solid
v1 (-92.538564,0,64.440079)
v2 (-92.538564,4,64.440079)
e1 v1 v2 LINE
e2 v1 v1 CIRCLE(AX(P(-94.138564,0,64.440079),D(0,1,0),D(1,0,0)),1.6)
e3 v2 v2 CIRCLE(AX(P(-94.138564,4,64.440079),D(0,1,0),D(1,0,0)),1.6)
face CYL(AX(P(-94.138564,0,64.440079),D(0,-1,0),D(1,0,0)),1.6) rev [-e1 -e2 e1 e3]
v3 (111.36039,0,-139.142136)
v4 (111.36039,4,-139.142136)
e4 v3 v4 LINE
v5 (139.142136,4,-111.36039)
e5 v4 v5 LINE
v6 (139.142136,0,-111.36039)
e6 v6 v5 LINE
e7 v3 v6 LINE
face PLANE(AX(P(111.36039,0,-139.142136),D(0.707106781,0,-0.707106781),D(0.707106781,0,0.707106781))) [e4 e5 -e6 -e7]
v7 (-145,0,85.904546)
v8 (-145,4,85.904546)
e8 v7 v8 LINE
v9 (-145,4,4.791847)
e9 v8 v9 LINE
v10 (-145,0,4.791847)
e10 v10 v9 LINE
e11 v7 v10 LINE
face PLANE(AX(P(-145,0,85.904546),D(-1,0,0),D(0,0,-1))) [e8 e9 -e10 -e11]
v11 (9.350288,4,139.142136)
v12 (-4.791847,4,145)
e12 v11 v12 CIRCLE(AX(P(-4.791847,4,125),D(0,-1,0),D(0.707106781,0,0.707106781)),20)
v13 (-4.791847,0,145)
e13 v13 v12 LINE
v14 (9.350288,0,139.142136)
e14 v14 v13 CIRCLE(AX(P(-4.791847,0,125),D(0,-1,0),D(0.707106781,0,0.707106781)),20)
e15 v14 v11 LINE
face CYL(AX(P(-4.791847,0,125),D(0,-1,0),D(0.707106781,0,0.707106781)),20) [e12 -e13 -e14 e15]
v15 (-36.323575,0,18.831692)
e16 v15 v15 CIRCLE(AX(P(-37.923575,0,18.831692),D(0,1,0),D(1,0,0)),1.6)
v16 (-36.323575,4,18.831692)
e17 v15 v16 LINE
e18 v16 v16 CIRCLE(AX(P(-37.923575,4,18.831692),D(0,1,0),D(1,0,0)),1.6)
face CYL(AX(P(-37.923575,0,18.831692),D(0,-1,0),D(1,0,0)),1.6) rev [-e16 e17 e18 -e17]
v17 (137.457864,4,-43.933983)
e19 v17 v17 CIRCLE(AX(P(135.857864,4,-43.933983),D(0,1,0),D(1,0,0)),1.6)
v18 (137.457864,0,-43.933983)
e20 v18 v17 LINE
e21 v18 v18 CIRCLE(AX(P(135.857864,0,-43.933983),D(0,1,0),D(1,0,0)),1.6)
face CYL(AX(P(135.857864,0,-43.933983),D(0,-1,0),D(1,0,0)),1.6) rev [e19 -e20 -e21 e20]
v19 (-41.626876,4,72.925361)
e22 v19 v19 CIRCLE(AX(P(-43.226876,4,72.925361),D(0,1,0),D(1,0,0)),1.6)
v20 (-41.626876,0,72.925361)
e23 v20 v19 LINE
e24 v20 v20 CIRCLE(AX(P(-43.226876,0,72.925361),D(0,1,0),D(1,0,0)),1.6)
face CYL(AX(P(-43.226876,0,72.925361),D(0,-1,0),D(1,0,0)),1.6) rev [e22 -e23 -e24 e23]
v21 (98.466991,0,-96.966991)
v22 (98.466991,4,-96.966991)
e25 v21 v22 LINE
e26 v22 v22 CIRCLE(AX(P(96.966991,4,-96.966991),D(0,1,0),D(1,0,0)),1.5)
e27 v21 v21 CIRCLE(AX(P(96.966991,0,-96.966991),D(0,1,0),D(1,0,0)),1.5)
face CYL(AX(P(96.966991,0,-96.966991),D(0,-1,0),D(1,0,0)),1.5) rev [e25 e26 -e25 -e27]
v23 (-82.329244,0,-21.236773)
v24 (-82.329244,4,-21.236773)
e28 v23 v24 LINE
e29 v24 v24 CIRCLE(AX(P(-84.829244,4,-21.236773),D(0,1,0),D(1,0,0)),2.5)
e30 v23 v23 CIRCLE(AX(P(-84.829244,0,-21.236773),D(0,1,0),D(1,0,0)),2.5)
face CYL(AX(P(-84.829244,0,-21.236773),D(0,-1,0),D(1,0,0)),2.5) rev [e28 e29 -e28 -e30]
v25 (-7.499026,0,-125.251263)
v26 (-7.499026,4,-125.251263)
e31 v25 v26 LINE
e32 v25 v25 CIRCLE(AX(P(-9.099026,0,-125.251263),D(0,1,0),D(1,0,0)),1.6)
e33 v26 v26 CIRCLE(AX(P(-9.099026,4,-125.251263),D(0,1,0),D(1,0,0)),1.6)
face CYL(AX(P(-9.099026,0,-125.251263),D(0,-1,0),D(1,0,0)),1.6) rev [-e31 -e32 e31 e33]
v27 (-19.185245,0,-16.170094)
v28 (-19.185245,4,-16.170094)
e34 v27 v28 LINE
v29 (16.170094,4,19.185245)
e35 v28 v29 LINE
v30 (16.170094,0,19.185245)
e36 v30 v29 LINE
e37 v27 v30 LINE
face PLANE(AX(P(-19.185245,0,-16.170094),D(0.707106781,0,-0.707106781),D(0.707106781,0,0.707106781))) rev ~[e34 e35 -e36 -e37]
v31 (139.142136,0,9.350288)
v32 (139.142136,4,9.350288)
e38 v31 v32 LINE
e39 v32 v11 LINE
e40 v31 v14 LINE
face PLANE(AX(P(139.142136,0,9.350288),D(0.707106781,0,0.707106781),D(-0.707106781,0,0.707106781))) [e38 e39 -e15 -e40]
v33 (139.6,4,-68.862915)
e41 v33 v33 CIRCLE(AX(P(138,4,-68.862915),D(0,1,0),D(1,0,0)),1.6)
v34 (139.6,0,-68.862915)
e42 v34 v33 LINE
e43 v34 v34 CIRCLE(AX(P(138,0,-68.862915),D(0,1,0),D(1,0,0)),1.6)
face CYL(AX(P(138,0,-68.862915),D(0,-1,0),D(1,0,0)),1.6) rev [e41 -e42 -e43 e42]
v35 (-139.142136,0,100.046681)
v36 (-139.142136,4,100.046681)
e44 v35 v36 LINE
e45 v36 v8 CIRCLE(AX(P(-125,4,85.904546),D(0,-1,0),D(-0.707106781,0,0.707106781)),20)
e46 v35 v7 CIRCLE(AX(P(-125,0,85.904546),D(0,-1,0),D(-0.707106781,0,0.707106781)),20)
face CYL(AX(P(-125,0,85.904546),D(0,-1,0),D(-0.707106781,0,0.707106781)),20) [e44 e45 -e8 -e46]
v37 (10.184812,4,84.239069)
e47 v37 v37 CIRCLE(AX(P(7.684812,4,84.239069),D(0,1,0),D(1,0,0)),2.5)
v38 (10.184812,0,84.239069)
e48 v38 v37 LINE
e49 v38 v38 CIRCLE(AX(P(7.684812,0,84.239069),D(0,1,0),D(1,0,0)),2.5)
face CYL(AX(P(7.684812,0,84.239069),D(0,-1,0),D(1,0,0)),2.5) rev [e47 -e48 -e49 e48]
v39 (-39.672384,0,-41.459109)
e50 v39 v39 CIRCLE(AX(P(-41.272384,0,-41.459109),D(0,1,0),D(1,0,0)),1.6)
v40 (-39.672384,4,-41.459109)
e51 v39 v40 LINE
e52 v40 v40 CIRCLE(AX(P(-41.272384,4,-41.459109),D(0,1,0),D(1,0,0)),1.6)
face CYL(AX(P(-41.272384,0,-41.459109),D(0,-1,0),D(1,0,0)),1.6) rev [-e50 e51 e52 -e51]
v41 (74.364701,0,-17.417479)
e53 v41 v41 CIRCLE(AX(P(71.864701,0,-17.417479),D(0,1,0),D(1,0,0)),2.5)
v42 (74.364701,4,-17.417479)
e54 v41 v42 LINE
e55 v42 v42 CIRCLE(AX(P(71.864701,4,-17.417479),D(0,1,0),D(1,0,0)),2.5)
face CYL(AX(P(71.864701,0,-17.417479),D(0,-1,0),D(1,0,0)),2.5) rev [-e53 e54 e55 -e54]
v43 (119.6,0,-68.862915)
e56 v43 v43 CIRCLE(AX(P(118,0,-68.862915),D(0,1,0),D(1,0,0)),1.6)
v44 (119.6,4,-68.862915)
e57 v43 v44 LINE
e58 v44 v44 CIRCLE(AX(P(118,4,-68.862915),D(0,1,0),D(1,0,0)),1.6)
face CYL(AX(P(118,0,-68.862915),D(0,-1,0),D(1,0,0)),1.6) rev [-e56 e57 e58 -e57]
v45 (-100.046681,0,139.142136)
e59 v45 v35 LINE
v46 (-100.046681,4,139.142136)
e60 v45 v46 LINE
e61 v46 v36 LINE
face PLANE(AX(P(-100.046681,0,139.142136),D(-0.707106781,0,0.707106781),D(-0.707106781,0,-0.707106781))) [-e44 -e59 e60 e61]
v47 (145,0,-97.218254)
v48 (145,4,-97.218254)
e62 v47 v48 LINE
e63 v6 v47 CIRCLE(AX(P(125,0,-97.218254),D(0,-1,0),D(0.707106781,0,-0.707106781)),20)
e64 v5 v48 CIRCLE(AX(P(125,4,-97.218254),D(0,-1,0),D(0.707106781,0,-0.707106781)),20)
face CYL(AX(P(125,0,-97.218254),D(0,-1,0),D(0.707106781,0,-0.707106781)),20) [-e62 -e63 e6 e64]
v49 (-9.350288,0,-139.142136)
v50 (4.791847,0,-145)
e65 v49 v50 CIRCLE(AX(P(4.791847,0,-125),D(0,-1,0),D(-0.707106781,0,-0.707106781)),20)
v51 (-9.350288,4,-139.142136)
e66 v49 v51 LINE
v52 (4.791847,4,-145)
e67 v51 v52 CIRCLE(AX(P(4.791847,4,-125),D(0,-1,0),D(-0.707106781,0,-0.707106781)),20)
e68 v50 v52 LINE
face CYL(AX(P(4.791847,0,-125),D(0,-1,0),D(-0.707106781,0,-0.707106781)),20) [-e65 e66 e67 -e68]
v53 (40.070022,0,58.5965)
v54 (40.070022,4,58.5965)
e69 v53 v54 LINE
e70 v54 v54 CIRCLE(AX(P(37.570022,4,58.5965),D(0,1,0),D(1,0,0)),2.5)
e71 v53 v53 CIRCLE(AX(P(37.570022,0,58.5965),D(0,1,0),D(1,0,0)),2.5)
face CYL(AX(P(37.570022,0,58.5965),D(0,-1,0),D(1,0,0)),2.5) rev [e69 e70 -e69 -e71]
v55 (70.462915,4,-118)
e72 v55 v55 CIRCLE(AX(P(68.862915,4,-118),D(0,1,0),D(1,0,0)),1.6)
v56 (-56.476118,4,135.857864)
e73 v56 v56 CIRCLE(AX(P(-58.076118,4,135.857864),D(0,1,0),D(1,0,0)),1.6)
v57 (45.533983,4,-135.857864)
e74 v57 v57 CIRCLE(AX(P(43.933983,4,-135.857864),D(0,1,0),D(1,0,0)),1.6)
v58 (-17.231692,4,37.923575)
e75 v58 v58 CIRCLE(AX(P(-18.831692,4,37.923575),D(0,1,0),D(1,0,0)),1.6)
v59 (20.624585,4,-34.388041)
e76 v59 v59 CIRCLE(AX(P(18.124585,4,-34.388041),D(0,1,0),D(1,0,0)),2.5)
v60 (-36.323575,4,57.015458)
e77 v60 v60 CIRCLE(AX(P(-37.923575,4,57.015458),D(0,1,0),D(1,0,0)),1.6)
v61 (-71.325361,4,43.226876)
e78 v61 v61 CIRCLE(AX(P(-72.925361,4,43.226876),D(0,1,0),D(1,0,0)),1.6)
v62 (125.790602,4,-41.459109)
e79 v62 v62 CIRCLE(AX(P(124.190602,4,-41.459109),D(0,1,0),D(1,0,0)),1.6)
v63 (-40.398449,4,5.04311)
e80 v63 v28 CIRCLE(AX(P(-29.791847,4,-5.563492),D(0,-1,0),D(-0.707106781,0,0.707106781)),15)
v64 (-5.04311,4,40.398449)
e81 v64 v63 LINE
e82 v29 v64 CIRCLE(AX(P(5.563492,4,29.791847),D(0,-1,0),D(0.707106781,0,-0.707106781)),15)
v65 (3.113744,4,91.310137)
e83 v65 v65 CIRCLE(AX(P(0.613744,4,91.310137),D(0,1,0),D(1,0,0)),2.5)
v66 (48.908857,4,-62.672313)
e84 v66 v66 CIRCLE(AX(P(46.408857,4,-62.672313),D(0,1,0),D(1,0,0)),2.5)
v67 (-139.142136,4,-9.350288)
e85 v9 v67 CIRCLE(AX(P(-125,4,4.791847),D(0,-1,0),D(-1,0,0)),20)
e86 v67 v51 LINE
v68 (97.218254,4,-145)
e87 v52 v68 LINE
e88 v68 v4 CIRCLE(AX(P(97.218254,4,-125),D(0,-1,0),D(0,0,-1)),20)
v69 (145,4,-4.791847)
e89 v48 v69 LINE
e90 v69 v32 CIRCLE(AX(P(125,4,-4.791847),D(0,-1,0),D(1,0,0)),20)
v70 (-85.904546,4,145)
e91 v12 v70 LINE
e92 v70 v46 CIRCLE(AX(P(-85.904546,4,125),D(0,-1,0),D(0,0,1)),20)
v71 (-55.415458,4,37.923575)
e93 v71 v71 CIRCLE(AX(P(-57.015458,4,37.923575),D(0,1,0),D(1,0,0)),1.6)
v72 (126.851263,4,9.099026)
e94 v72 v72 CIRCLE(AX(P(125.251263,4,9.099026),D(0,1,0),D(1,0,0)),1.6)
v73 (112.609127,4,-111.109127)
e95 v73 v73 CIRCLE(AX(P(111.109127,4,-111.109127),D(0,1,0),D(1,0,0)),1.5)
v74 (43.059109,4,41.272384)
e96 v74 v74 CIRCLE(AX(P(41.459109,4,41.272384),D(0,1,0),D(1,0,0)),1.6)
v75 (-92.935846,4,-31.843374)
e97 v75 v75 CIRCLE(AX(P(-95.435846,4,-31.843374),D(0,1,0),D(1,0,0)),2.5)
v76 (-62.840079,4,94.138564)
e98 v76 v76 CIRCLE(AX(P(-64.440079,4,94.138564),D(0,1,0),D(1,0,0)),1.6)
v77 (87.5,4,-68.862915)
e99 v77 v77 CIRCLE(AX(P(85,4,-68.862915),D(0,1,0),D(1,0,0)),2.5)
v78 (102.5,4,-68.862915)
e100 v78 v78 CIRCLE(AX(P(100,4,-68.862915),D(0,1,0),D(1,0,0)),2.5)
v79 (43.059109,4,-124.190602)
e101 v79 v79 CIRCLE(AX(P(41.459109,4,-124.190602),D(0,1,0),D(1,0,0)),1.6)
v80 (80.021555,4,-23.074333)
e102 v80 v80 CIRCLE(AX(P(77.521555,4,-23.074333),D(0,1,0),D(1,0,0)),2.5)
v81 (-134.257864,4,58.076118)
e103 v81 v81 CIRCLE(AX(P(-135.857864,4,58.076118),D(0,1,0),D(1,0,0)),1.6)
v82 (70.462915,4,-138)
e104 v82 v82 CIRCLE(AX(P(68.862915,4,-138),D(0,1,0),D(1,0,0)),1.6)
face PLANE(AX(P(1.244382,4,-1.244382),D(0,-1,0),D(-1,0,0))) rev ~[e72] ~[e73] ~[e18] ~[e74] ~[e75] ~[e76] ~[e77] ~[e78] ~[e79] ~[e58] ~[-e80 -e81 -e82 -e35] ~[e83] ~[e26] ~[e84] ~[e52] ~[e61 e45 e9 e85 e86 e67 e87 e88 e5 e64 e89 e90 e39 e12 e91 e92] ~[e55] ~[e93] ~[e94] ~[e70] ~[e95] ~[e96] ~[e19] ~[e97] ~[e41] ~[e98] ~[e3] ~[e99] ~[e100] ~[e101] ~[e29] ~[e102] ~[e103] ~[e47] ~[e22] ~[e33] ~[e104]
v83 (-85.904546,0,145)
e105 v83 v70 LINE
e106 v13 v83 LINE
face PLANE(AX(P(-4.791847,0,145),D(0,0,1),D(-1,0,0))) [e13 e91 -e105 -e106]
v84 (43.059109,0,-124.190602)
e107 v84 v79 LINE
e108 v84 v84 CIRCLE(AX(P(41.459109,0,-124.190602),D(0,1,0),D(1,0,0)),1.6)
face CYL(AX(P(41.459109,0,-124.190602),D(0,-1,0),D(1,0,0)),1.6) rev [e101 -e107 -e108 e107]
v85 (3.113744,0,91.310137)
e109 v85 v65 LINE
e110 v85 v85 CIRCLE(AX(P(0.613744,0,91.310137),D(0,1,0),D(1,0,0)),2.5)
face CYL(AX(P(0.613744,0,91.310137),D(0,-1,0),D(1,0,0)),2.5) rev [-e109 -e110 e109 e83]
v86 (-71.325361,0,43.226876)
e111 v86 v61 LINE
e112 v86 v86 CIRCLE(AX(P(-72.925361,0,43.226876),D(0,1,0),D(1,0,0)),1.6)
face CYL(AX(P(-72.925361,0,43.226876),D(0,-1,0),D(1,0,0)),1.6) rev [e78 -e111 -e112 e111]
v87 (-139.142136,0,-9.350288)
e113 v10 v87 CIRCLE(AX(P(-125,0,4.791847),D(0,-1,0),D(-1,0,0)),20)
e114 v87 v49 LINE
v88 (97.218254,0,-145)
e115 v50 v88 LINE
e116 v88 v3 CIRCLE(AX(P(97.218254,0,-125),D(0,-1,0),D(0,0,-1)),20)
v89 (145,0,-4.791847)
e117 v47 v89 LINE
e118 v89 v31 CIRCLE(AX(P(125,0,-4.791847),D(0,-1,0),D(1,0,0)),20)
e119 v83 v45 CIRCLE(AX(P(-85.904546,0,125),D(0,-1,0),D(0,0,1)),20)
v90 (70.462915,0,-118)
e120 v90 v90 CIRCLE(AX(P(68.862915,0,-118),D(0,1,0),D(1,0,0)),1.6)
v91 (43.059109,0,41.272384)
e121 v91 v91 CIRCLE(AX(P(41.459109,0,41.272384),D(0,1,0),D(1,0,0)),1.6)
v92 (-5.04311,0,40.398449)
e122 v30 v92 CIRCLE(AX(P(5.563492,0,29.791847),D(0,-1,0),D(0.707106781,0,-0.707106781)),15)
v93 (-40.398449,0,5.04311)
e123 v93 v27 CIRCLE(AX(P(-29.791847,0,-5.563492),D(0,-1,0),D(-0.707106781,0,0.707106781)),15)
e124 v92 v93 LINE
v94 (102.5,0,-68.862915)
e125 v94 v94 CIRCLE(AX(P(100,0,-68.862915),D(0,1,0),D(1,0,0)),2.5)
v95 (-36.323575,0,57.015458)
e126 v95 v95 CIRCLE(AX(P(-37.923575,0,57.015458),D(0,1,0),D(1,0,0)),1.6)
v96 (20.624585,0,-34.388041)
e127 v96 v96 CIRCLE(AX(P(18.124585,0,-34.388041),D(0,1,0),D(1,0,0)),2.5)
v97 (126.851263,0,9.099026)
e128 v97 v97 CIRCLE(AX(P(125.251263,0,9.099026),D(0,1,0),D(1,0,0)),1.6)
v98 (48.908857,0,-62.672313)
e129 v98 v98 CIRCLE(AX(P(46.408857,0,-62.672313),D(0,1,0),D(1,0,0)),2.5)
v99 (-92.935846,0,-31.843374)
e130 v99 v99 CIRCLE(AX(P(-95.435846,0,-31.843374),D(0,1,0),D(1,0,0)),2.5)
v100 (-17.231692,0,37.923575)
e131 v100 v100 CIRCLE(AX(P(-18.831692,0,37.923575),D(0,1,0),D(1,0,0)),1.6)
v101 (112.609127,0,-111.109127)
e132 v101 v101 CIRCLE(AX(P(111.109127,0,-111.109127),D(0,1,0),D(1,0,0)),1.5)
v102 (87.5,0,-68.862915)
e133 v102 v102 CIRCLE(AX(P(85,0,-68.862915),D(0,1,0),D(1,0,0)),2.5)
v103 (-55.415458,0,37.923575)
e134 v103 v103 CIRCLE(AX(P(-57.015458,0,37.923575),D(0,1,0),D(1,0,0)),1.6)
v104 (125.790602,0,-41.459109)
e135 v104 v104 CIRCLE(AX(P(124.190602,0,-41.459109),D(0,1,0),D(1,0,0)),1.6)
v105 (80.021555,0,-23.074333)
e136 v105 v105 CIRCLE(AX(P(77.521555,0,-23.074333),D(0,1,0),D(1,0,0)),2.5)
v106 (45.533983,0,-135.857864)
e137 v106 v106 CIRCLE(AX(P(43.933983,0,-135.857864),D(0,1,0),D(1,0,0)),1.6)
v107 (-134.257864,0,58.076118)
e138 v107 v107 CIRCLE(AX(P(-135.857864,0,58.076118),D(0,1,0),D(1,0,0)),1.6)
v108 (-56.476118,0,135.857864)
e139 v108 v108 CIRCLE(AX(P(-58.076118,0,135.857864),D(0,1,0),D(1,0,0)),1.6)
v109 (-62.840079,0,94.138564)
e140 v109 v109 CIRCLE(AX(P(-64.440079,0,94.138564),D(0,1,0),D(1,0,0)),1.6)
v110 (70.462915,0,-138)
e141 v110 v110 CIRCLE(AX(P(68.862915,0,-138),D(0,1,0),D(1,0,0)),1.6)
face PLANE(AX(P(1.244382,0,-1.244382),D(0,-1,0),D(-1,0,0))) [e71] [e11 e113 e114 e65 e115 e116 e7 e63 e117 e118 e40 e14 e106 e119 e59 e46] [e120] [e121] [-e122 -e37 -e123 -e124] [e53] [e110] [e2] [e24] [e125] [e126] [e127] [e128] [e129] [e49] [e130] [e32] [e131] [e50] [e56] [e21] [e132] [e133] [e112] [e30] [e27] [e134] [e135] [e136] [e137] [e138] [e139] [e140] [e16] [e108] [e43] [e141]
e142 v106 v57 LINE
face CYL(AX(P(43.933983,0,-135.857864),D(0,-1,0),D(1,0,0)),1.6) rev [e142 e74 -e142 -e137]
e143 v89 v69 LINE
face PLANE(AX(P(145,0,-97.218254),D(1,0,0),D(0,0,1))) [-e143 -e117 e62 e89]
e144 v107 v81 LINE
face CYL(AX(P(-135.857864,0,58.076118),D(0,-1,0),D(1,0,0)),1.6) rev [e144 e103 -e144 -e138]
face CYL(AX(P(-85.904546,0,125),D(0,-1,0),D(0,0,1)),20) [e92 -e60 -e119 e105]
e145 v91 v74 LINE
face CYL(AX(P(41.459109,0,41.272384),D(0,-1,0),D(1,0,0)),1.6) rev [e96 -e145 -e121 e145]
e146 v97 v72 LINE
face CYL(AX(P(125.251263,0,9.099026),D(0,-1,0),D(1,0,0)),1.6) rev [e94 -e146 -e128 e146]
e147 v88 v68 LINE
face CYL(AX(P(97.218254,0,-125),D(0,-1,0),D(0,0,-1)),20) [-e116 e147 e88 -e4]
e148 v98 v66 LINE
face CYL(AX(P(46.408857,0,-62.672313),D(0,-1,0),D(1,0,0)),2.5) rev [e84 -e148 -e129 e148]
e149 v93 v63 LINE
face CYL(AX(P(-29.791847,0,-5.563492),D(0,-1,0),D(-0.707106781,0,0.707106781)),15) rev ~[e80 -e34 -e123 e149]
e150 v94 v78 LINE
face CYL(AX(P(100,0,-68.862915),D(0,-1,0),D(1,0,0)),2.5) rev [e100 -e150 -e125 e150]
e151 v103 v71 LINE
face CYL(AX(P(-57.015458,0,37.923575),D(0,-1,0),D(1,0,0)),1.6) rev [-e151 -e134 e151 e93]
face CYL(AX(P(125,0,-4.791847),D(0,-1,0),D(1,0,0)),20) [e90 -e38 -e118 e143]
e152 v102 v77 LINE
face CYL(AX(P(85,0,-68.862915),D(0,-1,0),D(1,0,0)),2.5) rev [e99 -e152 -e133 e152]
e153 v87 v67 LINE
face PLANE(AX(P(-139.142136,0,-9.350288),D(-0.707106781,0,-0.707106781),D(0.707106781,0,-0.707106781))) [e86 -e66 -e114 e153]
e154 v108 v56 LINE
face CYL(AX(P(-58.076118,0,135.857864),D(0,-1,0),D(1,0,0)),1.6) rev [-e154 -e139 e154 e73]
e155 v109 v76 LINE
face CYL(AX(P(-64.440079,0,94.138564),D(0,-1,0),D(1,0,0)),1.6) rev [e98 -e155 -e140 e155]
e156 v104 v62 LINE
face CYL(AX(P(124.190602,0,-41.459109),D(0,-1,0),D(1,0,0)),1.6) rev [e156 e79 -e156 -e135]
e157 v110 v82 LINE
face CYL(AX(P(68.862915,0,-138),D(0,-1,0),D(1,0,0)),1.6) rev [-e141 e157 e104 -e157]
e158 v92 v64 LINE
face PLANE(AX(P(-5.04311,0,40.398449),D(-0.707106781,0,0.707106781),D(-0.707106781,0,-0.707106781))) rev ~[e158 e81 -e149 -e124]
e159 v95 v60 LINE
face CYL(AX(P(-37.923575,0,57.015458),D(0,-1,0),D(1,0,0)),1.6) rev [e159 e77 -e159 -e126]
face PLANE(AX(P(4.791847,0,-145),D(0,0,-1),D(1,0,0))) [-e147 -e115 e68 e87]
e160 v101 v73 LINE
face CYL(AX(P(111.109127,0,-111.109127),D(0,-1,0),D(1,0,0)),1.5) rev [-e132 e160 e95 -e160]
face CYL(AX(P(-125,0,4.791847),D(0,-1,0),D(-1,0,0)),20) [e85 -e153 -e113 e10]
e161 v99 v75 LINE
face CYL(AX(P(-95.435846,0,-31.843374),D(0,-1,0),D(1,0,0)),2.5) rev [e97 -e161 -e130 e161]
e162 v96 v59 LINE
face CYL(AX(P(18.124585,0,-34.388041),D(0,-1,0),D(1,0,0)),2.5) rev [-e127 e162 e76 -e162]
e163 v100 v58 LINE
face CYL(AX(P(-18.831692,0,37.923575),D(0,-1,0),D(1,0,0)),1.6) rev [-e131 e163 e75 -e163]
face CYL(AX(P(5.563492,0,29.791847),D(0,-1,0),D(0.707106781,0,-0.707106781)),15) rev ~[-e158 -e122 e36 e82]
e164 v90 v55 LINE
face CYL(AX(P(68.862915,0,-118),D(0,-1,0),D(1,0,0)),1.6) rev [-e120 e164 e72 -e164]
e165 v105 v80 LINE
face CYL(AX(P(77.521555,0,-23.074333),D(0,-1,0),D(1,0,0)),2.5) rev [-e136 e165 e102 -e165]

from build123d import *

# Parameters (mm, degrees)
SKETCH2_R           = 1.6
SKETCH2_R_2         = 1.5
SKETCH2_R_3         = 2.5
BOSS_EXTRUDE1_DEPTH = 4


with BuildPart() as part:
    # Sketch2 → Boss-Extrude1 (new body)
    with BuildSketch(Plane(origin=(0, 0, 0), x_dir=(1, 0, 0), z_dir=(0, 1, 0))):
        with BuildLine():
            Line((-139.142135624, 9.350288425), (-9.350288425, 139.142135624))
            ThreePointArc((-9.350288425, 139.142135624), (-2.861821449, 143.47759065), (4.791847198, 145))
            Line((4.791847198, 145), (97.21825407, 145))
            ThreePointArc((97.21825407, 145), (104.871922717, 143.47759065), (111.360389693, 139.142135624))
            Line((111.360389693, 139.142135624), (139.142135624, 111.360389693))
            ThreePointArc((139.142135624, 111.360389693), (143.47759065, 104.871922717), (145, 97.218254069))
            Line((145, 97.218254069), (145, 4.791847198))
            ThreePointArc((145, 4.791847198), (143.47759065, -2.861821449), (139.142135624, -9.350288426))
            Line((139.142135624, -9.350288426), (9.350288425, -139.142135624))
            ThreePointArc((9.350288425, -139.142135624), (2.861821449, -143.47759065), (-4.791847198, -145))
            Line((-4.791847198, -145), (-85.90454557, -145))
            ThreePointArc((-85.90454557, -145), (-93.558214218, -143.47759065), (-100.046681194, -139.142135624))
            Line((-100.046681194, -139.142135624), (-139.142135624, -100.046681194))
            ThreePointArc((-139.142135624, -100.046681194), (-143.47759065, -93.558214218), (-145, -85.90454557))
            Line((-145, -85.90454557), (-145, -4.791847198))
            ThreePointArc((-145, -4.791847198), (-143.47759065, 2.861821449), (-139.142135624, 9.350288425))
        make_face()
        with Locations((-94.138564286, -64.440079476)):
            Circle(SKETCH2_R, mode=Mode.SUBTRACT)
        with Locations((-64.440079476, -94.138564286)):
            Circle(SKETCH2_R, mode=Mode.SUBTRACT)
        with Locations((-41.272384311, 41.459109088)):
            Circle(SKETCH2_R, mode=Mode.SUBTRACT)
        with Locations((41.459109088, -41.272384311)):
            Circle(SKETCH2_R, mode=Mode.SUBTRACT)
        with Locations((124.190602487, 41.459109088)):
            Circle(SKETCH2_R, mode=Mode.SUBTRACT)
        with Locations((41.459109088, 124.190602487)):
            Circle(SKETCH2_R, mode=Mode.SUBTRACT)
        with Locations((-135.857864376, -58.076118446)):
            Circle(SKETCH2_R, mode=Mode.SUBTRACT)
        with Locations((-58.076118446, -135.857864376)):
            Circle(SKETCH2_R, mode=Mode.SUBTRACT)
        with Locations((-43.226876041, -72.925360851)):
            Circle(SKETCH2_R, mode=Mode.SUBTRACT)
        with Locations((-72.925360851, -43.226876041)):
            Circle(SKETCH2_R, mode=Mode.SUBTRACT)
        with Locations((111.109127035, 111.109127035)):
            Circle(SKETCH2_R_2, mode=Mode.SUBTRACT)
        with Locations((96.966991411, 96.966991411)):
            Circle(SKETCH2_R_2, mode=Mode.SUBTRACT)
        with Locations((-57.015458274, -37.923575182)):
            Circle(SKETCH2_R, mode=Mode.SUBTRACT)
        with Locations((-37.923575182, -57.015458274)):
            Circle(SKETCH2_R, mode=Mode.SUBTRACT)
        with Locations((-18.83169209, -37.923575182)):
            Circle(SKETCH2_R, mode=Mode.SUBTRACT)
        with Locations((-37.923575182, -18.83169209)):
            Circle(SKETCH2_R, mode=Mode.SUBTRACT)
        with Locations((138, 68.86291501)):
            Circle(SKETCH2_R, mode=Mode.SUBTRACT)
        with Locations((118, 68.86291501)):
            Circle(SKETCH2_R, mode=Mode.SUBTRACT)
        with Locations((68.86291501, 138)):
            Circle(SKETCH2_R, mode=Mode.SUBTRACT)
        with Locations((68.86291501, 118)):
            Circle(SKETCH2_R, mode=Mode.SUBTRACT)
        with Locations((-9.099025767, 125.251262658)):
            Circle(SKETCH2_R, mode=Mode.SUBTRACT)
        with Locations((125.251262658, -9.099025767)):
            Circle(SKETCH2_R, mode=Mode.SUBTRACT)
        with Locations((77.521554928, 23.074332777)):
            Circle(SKETCH2_R_3, mode=Mode.SUBTRACT)
        with Locations((71.864700679, 17.417478528)):
            Circle(SKETCH2_R_3, mode=Mode.SUBTRACT)
        with Locations((43.933982822, 135.857864376)):
            Circle(SKETCH2_R, mode=Mode.SUBTRACT)
        with Locations((135.857864376, 43.933982822)):
            Circle(SKETCH2_R, mode=Mode.SUBTRACT)
        with Locations((18.124585309, 34.388041276)):
            Circle(SKETCH2_R_3, mode=Mode.SUBTRACT)
        with Locations((46.408856556, 62.672312523)):
            Circle(SKETCH2_R_3, mode=Mode.SUBTRACT)
        with Locations((-95.435846132, 31.843374482)):
            Circle(SKETCH2_R_3, mode=Mode.SUBTRACT)
        with Locations((-84.829244414, 21.236772764)):
            Circle(SKETCH2_R_3, mode=Mode.SUBTRACT)
        with Locations((85, 68.86291501)):
            Circle(SKETCH2_R_3, mode=Mode.SUBTRACT)
        with Locations((100, 68.86291501)):
            Circle(SKETCH2_R_3, mode=Mode.SUBTRACT)
        with Locations((37.570021791, -58.59650045)):
            Circle(SKETCH2_R_3, mode=Mode.SUBTRACT)
        with Locations((7.684812205, -84.23906935)):
            Circle(SKETCH2_R_3, mode=Mode.SUBTRACT)
        with Locations((0.613744393, -91.310137162)):
            Circle(SKETCH2_R_3, mode=Mode.SUBTRACT)
        with BuildLine():
            Line((-19.18524548, 16.170093579), (16.170093579, -19.18524548))
            ThreePointArc((16.170093579, -19.18524548), (16.170093579, -40.398448916), (-5.043109857, -40.398448916))
            Line((-5.043109857, -40.398448916), (-40.398448916, -5.043109857))
            ThreePointArc((-40.398448916, -5.043109857), (-40.398448916, 16.170093579), (-19.18524548, 16.170093579))
        make_face(mode=Mode.SUBTRACT)
    extrude(amount=BOSS_EXTRUDE1_DEPTH)


solid = part.part
